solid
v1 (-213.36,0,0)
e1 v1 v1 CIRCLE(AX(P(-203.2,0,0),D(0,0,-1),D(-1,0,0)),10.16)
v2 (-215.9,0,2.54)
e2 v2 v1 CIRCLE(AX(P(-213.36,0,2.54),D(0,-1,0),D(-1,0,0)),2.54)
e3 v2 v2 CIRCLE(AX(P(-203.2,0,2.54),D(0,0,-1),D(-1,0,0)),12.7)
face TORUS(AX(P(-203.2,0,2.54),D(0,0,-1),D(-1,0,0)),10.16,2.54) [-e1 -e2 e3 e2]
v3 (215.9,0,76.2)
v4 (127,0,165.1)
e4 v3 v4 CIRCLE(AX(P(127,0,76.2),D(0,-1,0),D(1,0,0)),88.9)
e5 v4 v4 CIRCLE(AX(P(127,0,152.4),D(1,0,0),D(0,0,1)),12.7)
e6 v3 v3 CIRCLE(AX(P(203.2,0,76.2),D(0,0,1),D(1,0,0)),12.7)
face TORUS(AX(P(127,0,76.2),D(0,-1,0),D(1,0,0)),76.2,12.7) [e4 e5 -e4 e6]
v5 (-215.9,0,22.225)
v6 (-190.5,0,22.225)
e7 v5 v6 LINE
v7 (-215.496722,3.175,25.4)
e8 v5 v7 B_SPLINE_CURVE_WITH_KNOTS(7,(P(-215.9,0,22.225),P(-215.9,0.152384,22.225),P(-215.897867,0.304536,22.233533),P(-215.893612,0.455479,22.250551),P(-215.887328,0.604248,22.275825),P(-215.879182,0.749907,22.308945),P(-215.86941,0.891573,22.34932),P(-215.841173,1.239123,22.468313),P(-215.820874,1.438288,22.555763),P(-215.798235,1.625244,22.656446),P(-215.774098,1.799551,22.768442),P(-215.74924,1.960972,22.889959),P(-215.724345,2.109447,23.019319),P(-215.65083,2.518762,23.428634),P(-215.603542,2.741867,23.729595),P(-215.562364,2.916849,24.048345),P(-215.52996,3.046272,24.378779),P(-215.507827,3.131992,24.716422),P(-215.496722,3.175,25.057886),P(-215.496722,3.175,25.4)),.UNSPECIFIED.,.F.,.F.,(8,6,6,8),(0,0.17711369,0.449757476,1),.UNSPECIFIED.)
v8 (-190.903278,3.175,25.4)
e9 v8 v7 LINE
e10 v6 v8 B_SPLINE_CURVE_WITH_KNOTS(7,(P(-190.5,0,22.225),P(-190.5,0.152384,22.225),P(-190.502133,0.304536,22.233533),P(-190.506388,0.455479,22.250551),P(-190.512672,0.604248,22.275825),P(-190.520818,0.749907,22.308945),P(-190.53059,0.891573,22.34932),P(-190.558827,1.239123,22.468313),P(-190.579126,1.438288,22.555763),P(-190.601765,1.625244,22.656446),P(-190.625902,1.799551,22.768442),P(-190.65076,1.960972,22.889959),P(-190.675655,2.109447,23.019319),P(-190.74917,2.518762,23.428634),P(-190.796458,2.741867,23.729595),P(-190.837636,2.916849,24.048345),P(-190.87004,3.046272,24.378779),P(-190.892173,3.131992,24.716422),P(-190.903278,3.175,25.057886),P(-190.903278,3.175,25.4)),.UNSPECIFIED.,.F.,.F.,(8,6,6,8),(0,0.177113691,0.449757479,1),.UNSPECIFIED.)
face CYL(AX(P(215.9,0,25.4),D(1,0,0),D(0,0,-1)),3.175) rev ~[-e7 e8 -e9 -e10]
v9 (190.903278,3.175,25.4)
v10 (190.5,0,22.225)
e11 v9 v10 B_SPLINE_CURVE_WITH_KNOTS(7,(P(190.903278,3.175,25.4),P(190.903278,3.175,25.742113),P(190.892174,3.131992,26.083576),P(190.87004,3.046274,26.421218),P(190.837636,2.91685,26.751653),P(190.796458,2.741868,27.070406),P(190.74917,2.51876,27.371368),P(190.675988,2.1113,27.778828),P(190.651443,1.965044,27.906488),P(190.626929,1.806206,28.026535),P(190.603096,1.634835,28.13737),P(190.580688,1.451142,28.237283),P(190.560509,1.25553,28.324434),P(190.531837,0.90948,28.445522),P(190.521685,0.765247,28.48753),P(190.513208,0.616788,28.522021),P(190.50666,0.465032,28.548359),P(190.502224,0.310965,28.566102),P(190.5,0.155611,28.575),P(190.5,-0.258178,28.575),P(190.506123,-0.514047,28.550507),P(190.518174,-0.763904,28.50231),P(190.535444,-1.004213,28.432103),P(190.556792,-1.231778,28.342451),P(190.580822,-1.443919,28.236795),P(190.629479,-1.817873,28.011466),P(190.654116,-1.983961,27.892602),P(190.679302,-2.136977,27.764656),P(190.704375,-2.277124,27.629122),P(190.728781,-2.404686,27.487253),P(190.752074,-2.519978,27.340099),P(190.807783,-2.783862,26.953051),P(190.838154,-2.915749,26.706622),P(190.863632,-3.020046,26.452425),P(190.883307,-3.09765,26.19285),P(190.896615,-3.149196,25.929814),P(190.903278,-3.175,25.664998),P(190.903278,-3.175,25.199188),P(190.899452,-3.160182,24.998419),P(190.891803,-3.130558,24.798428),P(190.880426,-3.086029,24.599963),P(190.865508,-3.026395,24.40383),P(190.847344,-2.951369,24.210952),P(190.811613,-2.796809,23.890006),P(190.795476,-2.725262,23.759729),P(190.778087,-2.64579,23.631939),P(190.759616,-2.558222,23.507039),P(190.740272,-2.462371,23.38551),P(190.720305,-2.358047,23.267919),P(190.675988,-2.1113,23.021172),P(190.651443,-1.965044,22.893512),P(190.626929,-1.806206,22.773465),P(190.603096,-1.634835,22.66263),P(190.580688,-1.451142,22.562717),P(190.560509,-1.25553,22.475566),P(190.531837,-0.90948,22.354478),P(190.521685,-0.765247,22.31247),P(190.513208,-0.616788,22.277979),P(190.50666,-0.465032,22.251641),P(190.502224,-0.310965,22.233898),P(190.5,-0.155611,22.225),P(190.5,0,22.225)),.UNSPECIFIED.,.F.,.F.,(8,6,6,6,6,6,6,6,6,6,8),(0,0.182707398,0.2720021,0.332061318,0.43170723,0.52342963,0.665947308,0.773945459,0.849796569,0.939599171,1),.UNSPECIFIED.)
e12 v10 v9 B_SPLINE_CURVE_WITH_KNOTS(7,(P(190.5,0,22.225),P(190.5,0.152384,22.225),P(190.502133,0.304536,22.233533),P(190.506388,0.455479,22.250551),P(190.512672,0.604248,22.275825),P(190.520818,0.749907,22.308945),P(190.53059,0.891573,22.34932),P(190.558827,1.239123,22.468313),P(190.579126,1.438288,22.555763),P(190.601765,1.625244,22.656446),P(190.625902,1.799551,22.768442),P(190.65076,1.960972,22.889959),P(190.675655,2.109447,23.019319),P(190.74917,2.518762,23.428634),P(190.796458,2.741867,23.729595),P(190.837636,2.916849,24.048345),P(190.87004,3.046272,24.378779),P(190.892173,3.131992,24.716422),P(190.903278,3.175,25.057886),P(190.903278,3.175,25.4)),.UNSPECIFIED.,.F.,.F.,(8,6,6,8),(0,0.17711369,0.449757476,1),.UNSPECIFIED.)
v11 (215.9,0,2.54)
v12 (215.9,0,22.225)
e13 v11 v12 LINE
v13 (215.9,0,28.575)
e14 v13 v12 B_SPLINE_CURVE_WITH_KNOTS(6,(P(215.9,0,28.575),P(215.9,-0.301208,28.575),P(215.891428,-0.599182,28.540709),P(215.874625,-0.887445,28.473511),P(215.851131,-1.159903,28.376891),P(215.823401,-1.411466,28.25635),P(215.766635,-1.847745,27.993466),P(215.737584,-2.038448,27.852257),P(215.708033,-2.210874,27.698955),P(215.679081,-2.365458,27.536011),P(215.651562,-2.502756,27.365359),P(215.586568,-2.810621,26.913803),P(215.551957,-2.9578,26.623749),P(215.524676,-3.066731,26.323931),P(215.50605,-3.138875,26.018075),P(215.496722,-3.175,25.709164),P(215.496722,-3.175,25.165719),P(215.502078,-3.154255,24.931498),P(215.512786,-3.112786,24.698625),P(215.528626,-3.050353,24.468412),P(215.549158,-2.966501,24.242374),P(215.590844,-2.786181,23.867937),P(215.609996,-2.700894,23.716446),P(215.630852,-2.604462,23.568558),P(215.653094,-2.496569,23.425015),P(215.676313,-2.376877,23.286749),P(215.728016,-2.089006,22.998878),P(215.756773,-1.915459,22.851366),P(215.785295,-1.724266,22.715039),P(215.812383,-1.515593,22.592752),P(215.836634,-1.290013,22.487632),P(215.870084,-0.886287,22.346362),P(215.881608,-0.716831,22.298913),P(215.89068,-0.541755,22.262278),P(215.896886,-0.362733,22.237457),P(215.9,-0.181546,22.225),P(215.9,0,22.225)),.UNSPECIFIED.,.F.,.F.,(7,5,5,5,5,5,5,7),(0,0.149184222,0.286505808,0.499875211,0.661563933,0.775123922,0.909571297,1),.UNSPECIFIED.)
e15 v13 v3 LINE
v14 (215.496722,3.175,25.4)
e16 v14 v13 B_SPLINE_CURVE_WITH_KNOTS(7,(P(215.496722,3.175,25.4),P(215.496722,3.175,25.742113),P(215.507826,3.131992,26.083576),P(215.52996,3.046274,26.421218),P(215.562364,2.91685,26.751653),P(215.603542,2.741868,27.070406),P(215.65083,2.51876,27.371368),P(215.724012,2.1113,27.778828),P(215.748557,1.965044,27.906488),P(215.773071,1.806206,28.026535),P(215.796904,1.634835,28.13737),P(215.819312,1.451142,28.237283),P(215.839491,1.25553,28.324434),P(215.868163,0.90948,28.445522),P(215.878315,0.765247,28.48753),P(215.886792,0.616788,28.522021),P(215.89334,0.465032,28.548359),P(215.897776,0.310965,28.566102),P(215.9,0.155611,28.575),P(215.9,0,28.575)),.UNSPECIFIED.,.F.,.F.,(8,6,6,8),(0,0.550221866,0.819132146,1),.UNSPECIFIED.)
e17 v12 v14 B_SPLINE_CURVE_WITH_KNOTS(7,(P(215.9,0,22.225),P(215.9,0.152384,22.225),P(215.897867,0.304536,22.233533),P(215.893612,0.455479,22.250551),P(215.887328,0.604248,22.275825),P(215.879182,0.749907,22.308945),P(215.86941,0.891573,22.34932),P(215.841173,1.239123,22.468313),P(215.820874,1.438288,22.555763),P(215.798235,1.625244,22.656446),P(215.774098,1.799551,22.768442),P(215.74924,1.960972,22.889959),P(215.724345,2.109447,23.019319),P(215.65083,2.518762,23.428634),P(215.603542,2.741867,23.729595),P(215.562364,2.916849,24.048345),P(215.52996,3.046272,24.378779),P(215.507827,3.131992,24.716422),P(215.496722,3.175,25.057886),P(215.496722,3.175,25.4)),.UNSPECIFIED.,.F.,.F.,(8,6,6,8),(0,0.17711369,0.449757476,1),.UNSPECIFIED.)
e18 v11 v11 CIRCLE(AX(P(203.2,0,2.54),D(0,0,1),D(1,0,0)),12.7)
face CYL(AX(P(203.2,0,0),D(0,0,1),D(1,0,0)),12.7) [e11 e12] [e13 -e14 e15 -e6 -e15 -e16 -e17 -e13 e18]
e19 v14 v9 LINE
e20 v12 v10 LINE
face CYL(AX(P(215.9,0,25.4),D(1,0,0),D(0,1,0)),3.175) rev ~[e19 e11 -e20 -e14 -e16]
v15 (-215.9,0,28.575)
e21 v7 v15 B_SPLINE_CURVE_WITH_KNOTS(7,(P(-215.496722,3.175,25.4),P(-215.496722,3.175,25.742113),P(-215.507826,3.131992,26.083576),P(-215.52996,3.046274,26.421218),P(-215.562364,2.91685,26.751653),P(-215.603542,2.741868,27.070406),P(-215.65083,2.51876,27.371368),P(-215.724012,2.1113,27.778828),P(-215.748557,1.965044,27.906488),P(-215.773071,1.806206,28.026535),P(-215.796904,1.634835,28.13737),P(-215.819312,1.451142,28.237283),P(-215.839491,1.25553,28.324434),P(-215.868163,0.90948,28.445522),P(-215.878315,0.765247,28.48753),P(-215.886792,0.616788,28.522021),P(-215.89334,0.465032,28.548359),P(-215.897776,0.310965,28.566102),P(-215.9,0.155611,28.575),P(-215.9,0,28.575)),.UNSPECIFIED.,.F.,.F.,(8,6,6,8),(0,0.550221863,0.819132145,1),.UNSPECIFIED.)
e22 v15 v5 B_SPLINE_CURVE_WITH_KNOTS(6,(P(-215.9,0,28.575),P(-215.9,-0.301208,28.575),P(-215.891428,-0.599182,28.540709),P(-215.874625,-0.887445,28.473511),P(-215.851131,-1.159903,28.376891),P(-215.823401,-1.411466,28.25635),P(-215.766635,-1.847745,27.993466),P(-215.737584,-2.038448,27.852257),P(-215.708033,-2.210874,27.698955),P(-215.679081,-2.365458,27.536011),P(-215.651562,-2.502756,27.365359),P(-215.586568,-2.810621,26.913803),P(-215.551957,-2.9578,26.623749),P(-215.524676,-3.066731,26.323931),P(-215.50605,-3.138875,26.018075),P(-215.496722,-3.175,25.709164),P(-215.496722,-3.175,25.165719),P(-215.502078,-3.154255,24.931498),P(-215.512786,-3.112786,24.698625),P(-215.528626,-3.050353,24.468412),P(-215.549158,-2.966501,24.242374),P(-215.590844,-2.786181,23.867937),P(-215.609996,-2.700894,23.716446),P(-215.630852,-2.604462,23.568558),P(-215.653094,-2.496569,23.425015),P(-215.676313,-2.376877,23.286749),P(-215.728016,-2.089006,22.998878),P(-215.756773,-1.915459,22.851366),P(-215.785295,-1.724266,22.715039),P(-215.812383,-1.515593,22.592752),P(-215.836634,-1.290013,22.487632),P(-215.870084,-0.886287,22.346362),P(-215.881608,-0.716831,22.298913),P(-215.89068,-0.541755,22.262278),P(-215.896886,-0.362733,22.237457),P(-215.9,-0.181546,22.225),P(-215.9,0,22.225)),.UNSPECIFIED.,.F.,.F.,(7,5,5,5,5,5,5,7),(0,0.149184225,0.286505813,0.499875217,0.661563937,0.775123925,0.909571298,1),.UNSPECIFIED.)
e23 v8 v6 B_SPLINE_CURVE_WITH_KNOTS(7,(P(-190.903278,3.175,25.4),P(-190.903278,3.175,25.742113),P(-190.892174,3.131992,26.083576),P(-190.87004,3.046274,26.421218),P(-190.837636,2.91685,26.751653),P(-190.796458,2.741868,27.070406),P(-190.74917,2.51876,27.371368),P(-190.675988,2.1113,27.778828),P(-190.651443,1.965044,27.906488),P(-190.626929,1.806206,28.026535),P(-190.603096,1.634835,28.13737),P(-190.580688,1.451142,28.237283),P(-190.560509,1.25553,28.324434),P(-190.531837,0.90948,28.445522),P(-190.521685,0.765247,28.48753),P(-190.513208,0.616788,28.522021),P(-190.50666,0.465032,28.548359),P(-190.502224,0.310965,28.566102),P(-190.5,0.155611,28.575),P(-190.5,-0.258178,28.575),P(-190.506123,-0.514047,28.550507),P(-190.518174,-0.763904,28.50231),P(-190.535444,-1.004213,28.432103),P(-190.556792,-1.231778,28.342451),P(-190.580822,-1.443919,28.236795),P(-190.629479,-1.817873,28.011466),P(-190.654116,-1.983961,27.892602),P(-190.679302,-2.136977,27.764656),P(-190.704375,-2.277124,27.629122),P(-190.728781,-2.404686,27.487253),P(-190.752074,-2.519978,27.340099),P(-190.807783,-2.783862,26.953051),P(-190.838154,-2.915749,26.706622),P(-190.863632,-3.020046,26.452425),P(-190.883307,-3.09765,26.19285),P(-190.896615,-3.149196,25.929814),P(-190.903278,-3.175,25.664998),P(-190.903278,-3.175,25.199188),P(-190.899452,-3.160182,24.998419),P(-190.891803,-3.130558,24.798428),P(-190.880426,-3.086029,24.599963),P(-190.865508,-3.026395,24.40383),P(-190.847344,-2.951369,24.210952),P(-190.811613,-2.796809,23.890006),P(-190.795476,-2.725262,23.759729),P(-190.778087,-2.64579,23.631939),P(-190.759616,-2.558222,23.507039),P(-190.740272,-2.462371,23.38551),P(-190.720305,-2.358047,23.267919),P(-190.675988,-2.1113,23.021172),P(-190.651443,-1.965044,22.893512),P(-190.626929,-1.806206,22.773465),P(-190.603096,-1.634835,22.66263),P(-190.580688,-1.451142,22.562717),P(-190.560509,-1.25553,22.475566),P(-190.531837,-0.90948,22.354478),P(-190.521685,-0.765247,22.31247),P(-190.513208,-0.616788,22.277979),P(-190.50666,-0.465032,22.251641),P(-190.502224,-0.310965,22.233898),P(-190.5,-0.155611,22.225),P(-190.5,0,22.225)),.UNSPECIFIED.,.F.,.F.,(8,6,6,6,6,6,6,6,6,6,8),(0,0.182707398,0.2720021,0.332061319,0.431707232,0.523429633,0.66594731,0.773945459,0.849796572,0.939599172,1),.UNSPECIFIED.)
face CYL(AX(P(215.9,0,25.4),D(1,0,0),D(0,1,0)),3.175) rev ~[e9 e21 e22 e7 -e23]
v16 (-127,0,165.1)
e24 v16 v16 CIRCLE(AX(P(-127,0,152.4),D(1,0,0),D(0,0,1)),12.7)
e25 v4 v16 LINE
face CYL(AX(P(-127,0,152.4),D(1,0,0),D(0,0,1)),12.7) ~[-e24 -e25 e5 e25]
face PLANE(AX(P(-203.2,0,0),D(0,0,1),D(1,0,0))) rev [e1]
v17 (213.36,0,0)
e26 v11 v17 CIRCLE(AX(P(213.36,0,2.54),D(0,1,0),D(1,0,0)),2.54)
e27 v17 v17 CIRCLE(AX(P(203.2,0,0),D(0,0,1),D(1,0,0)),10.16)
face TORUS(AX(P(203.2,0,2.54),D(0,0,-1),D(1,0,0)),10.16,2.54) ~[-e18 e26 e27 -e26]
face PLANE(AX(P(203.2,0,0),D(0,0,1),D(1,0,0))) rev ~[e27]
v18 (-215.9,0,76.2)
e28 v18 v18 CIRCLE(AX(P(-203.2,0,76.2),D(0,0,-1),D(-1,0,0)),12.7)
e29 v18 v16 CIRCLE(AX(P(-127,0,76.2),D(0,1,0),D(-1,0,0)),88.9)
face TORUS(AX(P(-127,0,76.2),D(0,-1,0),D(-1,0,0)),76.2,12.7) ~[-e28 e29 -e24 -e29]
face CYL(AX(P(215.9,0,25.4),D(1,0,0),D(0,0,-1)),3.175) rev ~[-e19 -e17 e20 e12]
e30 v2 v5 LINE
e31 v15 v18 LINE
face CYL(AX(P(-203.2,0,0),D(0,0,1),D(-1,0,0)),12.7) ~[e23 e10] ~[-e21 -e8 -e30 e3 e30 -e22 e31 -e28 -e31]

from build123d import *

# Parameters (mm, degrees)
F4_R      = 2.54
F8_DEPTH  = 450.088
F10_DEPTH = 6.35


with BuildPart() as f2:
    # F2: sweep along a path in F0
    with BuildLine(Plane.XZ) as f2_path:
        Line((203.2, 0), (203.2, 76.2))
        ThreePointArc((203.2, 76.2), (180.8815367264, 130.0815367264), (127, 152.4))
        Line((127, 152.4), (0, 152.4))
    # F1 (on Top) → F2 (sweep)
    with BuildSketch(Plane.XY):
        with BuildLine():
            ThreePointArc((190.5, 0), (203.2, -12.7), (215.9, 0))
            ThreePointArc((215.9, 0), (203.2, 12.7), (190.5, 0))
        make_face()
    sweep(path=f2_path.line)

    # F3: F2 across plane


with BuildPart() as f2_1:
    add(f2.part)
    add(f2.part.mirror(Plane.YZ))

    # F4
    f4_edges = [f2_1.edges().sort_by_distance(p)[0] for p in [
        (190.5, 0, 0),
        (-190.5, 0, 0),
    ]]
    fillet(f4_edges, radius=F4_R)

    # F7 (on offset) → F8 (cut)
    with BuildSketch(Plane.YZ.offset(215.9)):
        with BuildLine():
            ThreePointArc((0, 22.225), (2.2450640303, 23.1549359697), (3.175, 25.4))
            ThreePointArc((3.175, 25.4), (-2.2450640303, 27.6450640303), (0, 22.225))
        make_face()
    extrude(amount=-F8_DEPTH, mode=Mode.SUBTRACT)

    # F9 (on offset) → F10 (cut)
    with BuildSketch(Plane.YZ.offset(-215.9)):
        with BuildLine():
            ThreePointArc((0, 22.225), (2.2450640303, 23.1549359697), (3.175, 25.4))
            ThreePointArc((3.175, 25.4), (-2.2450640303, 27.6450640303), (0, 22.225))
        make_face()
    extrude(amount=F10_DEPTH, mode=Mode.SUBTRACT)


solid = f2_1.part
